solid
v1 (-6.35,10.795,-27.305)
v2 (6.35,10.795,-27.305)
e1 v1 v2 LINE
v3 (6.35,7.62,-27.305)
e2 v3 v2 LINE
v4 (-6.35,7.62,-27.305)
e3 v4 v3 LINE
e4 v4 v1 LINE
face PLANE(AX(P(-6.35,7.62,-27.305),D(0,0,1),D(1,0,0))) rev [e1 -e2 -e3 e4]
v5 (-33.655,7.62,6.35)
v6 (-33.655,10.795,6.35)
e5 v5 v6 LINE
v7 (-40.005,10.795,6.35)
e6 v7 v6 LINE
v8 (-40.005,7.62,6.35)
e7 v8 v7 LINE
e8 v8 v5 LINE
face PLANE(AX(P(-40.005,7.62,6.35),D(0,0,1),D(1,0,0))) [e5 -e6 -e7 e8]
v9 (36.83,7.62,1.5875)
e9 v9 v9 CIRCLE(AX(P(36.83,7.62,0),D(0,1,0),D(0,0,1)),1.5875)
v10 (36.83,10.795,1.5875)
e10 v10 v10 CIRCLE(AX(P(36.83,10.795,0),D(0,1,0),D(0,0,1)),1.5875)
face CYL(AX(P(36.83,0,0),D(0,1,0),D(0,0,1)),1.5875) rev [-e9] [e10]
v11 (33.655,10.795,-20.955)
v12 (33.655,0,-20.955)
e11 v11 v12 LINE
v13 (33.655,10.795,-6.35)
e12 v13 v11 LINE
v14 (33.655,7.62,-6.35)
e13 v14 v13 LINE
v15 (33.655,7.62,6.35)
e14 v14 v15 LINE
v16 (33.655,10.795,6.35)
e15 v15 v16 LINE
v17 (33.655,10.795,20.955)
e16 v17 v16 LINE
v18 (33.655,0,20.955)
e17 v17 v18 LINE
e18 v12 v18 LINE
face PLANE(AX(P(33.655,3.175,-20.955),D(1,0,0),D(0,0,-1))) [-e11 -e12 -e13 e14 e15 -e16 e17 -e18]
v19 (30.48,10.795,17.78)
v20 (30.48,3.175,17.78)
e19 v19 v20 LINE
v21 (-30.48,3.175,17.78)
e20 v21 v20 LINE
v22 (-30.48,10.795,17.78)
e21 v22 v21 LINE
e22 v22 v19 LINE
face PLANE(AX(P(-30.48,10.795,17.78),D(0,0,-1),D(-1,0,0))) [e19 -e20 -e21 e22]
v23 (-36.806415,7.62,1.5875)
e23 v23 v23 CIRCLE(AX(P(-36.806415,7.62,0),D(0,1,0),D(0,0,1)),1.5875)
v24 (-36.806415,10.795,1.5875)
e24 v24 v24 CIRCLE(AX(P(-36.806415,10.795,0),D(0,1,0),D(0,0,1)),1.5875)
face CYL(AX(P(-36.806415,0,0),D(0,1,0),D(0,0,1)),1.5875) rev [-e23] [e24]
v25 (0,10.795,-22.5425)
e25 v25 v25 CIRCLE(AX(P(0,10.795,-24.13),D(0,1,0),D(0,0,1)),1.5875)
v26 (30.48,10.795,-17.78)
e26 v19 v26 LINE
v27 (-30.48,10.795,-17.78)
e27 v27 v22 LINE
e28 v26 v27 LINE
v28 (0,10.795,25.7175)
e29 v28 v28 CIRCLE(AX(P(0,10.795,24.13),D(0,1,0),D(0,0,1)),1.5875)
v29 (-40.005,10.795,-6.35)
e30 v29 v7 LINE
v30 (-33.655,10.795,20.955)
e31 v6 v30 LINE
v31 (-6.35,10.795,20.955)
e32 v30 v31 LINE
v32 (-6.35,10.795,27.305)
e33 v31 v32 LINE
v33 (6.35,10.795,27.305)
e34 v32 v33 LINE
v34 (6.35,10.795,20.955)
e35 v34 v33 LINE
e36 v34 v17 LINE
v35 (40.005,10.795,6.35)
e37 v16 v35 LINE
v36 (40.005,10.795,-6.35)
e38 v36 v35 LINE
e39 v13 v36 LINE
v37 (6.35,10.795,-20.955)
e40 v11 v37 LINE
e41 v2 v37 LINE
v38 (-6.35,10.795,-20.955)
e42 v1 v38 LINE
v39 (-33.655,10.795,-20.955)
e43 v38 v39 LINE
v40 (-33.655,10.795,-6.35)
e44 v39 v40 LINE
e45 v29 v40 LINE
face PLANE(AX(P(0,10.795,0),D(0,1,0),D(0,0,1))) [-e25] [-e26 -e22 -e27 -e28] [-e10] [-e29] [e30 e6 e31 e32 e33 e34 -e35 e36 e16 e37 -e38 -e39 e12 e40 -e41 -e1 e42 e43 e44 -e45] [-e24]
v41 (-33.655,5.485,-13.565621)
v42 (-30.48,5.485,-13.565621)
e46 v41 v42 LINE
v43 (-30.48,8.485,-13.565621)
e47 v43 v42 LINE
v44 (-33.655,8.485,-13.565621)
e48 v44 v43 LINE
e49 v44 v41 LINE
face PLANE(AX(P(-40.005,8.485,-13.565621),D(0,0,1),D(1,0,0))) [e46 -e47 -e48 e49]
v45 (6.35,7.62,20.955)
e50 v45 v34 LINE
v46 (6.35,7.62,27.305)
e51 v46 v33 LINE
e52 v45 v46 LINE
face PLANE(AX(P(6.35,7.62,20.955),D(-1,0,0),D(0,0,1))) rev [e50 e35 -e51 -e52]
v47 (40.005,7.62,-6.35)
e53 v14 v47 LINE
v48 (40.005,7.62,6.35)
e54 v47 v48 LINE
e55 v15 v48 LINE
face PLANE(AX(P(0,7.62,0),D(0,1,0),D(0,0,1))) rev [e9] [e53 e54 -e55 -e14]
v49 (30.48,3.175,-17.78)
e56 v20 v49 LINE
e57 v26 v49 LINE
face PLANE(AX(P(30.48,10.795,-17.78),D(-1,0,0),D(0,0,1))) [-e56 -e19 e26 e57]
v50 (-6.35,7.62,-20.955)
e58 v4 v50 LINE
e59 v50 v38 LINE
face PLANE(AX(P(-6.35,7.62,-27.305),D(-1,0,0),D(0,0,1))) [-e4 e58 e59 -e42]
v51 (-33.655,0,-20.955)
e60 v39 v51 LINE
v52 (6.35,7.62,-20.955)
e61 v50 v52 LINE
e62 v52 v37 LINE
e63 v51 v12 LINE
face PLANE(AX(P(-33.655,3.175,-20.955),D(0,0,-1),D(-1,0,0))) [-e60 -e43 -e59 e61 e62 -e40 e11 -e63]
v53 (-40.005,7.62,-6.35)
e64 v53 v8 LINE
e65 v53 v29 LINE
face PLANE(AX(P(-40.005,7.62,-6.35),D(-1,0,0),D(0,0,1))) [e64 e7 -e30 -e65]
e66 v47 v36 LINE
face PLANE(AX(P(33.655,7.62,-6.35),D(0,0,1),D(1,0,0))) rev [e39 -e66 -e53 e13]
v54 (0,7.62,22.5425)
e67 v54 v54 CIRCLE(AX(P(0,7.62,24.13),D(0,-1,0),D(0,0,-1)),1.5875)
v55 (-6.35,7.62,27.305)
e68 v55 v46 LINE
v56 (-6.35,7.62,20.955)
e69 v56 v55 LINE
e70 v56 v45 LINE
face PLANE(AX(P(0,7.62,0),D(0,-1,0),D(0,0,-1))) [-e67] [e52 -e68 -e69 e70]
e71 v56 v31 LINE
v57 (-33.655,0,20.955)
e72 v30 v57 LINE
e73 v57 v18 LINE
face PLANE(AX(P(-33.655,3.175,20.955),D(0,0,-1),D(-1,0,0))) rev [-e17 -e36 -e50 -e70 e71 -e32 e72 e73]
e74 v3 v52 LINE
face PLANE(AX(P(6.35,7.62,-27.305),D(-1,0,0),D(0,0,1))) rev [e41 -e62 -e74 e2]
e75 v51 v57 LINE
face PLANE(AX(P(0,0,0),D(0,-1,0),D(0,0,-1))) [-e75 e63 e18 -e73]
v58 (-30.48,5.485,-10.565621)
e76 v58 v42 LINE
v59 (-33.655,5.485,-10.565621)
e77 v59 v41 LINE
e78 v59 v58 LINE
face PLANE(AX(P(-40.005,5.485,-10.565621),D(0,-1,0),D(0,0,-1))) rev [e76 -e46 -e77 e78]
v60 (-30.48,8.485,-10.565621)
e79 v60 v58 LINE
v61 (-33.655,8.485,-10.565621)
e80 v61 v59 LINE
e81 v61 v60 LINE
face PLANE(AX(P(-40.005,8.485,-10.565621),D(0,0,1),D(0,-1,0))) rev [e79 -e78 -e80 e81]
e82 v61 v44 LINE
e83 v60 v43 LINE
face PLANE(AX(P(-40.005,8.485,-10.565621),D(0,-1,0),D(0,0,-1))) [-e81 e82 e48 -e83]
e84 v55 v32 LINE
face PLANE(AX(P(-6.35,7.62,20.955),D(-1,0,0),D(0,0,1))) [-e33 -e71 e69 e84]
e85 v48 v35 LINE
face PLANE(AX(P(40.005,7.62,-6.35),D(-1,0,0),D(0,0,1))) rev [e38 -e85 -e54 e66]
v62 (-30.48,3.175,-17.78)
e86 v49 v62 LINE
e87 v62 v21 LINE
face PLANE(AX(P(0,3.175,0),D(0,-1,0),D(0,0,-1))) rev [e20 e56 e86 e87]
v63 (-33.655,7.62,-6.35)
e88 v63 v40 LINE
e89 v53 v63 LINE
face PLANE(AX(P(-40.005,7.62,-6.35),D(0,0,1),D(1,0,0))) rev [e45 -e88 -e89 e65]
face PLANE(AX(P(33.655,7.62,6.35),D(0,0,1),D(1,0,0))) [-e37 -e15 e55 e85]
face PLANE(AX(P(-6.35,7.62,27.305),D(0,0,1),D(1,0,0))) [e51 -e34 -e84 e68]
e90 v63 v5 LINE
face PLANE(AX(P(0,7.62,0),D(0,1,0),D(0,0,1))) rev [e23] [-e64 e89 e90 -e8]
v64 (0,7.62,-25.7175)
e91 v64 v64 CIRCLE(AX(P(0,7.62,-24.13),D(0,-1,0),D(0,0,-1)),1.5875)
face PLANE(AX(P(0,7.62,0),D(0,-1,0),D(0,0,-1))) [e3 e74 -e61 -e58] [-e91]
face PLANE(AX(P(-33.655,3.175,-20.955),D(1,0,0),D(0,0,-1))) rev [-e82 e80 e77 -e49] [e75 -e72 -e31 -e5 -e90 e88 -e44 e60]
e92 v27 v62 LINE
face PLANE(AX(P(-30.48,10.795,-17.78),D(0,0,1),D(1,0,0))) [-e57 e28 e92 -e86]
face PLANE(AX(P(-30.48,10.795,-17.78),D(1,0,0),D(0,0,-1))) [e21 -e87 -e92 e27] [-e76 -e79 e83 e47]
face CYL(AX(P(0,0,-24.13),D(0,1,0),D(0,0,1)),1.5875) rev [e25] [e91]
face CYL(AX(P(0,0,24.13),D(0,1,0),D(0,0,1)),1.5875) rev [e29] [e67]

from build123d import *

# Parameters (mm, degrees)
SKETCH1_W           = 67.31
SKETCH1_H           = 41.91
BOSS_EXTRUDE5_DEPTH = 3.175
SKETCH2_W           = 67.31
SKETCH2_H           = 41.91
SKETCH2_W_2         = 60.96
SKETCH2_H_2         = 35.56
BOSS_EXTRUDE6_DEPTH = 7.62
SKETCH4_W           = 12.7
SKETCH4_H           = 6.35
SKETCH4_W_2         = 6.35
SKETCH4_H_2         = 12.7
BOSS_EXTRUDE8_DEPTH = 3.175
SKETCH6_R           = 1.5875
CUT_EXTRUDE1_DEPTH  = 50.62353348
SKETCH7_W           = 3
SKETCH7_H           = 3
CUT_EXTRUDE2_DEPTH  = 77.355944595


with BuildPart() as part:
    # Sketch1 → Boss-Extrude5 (new body)
    with BuildSketch(Plane(origin=(0, 0, 0), x_dir=(1, 0, 0), z_dir=(0, 1, 0))):
        Rectangle(SKETCH1_W, SKETCH1_H)
    extrude(amount=BOSS_EXTRUDE5_DEPTH)

    # Sketch2 → Boss-Extrude6 (add)
    with BuildSketch(Plane(origin=(0, 3.175, 0), x_dir=(1, 0, 0), z_dir=(0, 1, 0))):
        Rectangle(SKETCH2_W, SKETCH2_H)
        Rectangle(SKETCH2_W_2, SKETCH2_H_2, mode=Mode.SUBTRACT)
    extrude(amount=BOSS_EXTRUDE6_DEPTH)

    # Sketch4 → Boss-Extrude8 (add)
    with BuildSketch(Plane(origin=(0, 10.795, 0), x_dir=(1, 0, 0), z_dir=(0, 1, 0))):
        with Locations((0, -24.13)):
            Rectangle(SKETCH4_W, SKETCH4_H)
        with Locations((0, 24.13)):
            Rectangle(SKETCH4_W, SKETCH4_H)
        with Locations((36.83, 0)):
            Rectangle(SKETCH4_W_2, SKETCH4_H_2)
        with Locations((-36.83, 0)):
            Rectangle(SKETCH4_W_2, SKETCH4_H_2)
    extrude(amount=-BOSS_EXTRUDE8_DEPTH)

    # Sketch6 → Cut-Extrude1 (cut, through all)
    with BuildSketch(Plane(origin=(0, 10.795, 0), x_dir=(1, 0, 0), z_dir=(0, 1, 0))):
        with BuildLine():
            ThreePointArc((0, 25.7175), (-1.5875, 24.13), (0, 22.5425))
            Line((0, 22.5425), (0, 25.7175))
        make_face()
        with BuildLine():
            Line((0, 25.7175), (0, 22.5425))
            ThreePointArc((0, 22.5425), (1.122532015, 23.007467985), (1.5875, 24.13))
            ThreePointArc((1.5875, 24.13), (1.122532015, 25.252532015), (0, 25.7175))
        make_face()
        with Locations(Location((-36.806414665, 0, 0), (0, 0, 270))):
            Circle(SKETCH6_R)
        with Locations(Location((36.83, 0, 0), (0, 0, 270))):
            Circle(SKETCH6_R)
        with Locations(Location((0, -24.13, 0), (0, 0, 270))):
            Circle(SKETCH6_R)
    extrude(amount=-CUT_EXTRUDE1_DEPTH, mode=Mode.SUBTRACT)

    # Sketch7 → Cut-Extrude2 (cut, through all)
    with BuildSketch(Plane(origin=(-30.48, 0, 0), x_dir=(0, 0, -1), z_dir=(1, 0, 0))):
        with Locations((12.065620766, 6.985)):
            Rectangle(SKETCH7_W, SKETCH7_H)
    extrude(amount=-CUT_EXTRUDE2_DEPTH, mode=Mode.SUBTRACT)


solid = part.part
